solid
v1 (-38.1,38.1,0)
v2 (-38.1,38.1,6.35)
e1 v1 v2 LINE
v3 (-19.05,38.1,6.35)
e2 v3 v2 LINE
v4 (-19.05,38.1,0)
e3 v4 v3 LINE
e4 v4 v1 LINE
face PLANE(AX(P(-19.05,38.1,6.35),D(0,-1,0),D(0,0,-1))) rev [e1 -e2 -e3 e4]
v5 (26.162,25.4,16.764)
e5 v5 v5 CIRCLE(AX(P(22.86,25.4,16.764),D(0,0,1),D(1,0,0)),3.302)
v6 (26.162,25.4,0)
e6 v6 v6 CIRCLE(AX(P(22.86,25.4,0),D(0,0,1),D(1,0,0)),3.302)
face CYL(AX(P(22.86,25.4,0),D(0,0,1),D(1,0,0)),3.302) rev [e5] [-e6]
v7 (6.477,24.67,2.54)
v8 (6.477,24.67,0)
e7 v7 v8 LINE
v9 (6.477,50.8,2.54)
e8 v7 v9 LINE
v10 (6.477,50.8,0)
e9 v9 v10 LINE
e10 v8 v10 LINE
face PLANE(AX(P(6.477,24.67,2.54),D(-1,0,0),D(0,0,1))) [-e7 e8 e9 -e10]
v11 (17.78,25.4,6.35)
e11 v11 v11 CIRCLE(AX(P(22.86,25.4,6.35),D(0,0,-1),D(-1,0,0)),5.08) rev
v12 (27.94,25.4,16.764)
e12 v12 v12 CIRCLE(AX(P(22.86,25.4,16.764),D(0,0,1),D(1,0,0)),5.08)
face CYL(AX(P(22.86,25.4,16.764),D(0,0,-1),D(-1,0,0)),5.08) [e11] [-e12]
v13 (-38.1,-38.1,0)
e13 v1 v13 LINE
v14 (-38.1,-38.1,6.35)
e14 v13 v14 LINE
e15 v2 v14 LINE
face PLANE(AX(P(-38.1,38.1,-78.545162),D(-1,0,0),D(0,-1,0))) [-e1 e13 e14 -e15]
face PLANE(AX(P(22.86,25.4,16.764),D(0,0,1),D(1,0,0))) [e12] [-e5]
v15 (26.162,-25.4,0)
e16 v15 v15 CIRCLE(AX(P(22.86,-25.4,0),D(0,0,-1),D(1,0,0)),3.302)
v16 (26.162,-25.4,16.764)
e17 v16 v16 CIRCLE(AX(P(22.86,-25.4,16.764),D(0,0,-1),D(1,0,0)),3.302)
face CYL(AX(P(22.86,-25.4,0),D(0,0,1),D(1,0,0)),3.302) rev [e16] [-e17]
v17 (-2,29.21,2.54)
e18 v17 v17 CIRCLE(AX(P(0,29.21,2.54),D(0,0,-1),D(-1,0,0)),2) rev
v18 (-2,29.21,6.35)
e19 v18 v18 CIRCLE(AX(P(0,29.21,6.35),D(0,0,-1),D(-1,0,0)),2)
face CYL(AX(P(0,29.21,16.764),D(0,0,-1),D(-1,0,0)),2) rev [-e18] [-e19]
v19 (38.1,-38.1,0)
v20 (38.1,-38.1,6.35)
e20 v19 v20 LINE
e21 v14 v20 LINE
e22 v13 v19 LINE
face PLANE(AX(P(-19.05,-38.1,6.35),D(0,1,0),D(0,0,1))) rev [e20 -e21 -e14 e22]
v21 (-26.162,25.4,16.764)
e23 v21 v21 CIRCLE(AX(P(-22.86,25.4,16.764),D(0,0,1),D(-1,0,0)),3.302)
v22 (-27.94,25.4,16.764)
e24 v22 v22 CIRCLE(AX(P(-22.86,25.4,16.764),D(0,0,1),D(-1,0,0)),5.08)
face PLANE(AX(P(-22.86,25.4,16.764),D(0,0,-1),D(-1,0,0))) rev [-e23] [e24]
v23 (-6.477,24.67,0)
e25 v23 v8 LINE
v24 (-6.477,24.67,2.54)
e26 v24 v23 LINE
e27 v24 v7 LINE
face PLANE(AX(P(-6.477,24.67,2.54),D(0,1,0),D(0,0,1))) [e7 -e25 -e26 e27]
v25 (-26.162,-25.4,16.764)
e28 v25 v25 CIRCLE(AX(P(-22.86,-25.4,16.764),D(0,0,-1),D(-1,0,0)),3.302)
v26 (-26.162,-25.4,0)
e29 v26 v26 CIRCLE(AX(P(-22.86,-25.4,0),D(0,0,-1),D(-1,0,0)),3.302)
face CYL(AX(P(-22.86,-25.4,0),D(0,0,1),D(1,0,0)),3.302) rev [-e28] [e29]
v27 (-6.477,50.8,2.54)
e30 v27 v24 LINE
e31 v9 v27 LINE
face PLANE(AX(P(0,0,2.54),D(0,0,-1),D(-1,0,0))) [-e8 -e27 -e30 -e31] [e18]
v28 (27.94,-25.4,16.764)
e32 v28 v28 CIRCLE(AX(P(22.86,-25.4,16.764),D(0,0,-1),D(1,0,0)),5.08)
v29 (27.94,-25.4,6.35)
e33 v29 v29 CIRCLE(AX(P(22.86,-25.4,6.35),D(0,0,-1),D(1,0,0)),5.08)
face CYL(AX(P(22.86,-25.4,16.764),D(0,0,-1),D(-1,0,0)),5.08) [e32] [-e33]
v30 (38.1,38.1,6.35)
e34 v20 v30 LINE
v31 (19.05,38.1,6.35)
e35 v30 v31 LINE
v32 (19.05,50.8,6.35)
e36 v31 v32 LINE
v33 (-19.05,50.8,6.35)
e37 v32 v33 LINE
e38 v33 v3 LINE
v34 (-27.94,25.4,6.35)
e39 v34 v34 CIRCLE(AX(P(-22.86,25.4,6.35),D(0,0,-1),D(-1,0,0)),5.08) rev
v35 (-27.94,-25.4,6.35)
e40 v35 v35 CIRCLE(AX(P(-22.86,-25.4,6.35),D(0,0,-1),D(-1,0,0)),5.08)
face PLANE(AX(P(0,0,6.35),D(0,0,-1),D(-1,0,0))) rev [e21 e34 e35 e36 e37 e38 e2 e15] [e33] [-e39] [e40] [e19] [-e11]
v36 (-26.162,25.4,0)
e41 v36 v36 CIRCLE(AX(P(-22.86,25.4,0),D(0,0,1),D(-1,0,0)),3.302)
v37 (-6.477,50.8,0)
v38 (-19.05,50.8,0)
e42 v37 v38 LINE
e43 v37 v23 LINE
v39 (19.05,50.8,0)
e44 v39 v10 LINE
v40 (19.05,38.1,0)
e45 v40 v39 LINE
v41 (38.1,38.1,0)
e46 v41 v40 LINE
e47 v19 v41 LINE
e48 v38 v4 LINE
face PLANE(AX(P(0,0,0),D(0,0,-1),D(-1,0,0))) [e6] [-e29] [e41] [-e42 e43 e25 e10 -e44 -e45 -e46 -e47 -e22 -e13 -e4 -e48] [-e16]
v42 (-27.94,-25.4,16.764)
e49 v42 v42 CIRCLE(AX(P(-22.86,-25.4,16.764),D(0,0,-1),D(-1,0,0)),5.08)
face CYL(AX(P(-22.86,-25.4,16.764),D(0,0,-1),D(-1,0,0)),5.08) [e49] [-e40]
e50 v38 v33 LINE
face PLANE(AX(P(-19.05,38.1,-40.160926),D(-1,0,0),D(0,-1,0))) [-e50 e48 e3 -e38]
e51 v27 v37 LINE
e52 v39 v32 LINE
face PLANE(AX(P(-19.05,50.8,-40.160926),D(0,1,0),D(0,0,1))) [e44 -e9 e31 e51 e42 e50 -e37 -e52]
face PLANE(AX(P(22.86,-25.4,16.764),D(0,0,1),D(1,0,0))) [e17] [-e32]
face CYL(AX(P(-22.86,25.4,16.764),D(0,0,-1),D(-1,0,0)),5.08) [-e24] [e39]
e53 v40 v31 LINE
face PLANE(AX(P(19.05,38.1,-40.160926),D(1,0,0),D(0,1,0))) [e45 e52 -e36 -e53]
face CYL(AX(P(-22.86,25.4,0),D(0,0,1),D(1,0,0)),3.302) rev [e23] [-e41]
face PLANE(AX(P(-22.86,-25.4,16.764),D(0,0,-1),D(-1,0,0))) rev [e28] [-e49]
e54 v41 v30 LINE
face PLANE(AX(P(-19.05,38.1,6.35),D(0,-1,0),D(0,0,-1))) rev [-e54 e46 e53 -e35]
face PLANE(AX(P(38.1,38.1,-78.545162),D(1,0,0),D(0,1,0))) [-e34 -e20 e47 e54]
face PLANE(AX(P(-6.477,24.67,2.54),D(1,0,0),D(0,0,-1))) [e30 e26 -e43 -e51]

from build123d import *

# Parameters (mm, degrees)
SKETCH1_W           = 38.1
SKETCH1_H           = 76.2
BOSS_EXTRUDE1_DEPTH = 6.35
SKETCH8_W           = 19.05
SKETCH8_H           = 76.2
BOSS_EXTRUDE5_DEPTH = 6.35
SKETCH5_R           = 5.08
BOSS_EXTRUDE2_DEPTH = 10.414
SKETCH6_R           = 3.302
CUT_EXTRUDE3_DEPTH  = 57.429174157
SKETCH7_W           = 38.1
SKETCH7_H           = 12.7
BOSS_EXTRUDE4_DEPTH = 6.35
SKETCH9_R           = 2
CUT_EXTRUDE4_DEPTH  = 66.675579145
SKETCH10_W          = 12.954
SKETCH10_H          = 26.13
CUT_EXTRUDE5_DEPTH  = 2.54


with BuildPart() as part:
    # Sketch1 → Boss-Extrude1 (new body)
    with BuildSketch(Plane.XY):
        Rectangle(SKETCH1_W, SKETCH1_H)
    extrude(amount=BOSS_EXTRUDE1_DEPTH)

    # Sketch8 → Boss-Extrude5 (add)
    with BuildSketch(Plane.XY.offset(6.35)):
        with Locations((-28.575, 0)):
            Rectangle(SKETCH8_W, SKETCH8_H)
        with Locations((28.575, 0)):
            Rectangle(SKETCH8_W, SKETCH8_H)
    extrude(amount=-BOSS_EXTRUDE5_DEPTH)

    # Sketch5 → Boss-Extrude2 (add)
    with BuildSketch(Plane.XY.offset(6.35)):
        with Locations(Location((22.86, 25.4, 0), (0, 0, 180))):
            Circle(SKETCH5_R)
        with Locations(Location((-22.86, 25.4, 0), (0, 0, 180))):
            Circle(SKETCH5_R)
    boss_extrude2 = extrude(amount=BOSS_EXTRUDE2_DEPTH)

    # Sketch6 → Cut-Extrude3 (cut, through all)
    with BuildSketch(Plane.XY.offset(16.764)):
        with Locations((22.86, 25.4)):
            Circle(SKETCH6_R)
        with Locations(Location((-22.86, 25.4, 0), (0, 0, 180))):
            Circle(SKETCH6_R)
    cut_extrude3 = extrude(amount=-CUT_EXTRUDE3_DEPTH, mode=Mode.SUBTRACT)

    # Mirror1: Boss-Extrude2, Cut-Extrude3 across plane
    add(boss_extrude2.mirror(Plane.ZX))
    add(cut_extrude3.mirror(Plane.ZX), mode=Mode.SUBTRACT)

    # Sketch7 → Boss-Extrude4 (add)
    with BuildSketch(Plane.XY.offset(6.35)):
        with Locations((0, 44.45)):
            Rectangle(SKETCH7_W, SKETCH7_H)
    extrude(amount=-BOSS_EXTRUDE4_DEPTH)

    # Sketch9 → Cut-Extrude4 (cut, through all)
    with BuildSketch(Plane(origin=(0, 0, 0), x_dir=(-1, 0, 0), z_dir=(0, 0, -1))):
        with Locations((0, 29.21)):
            Circle(SKETCH9_R)
    extrude(amount=-CUT_EXTRUDE4_DEPTH, mode=Mode.SUBTRACT)

    # Sketch10 → Cut-Extrude5 (cut)
    with BuildSketch(Plane.XY):
        with Locations((0, 37.735)):
            Rectangle(SKETCH10_W, SKETCH10_H)
    extrude(amount=CUT_EXTRUDE5_DEPTH, mode=Mode.SUBTRACT)


solid = part.part
